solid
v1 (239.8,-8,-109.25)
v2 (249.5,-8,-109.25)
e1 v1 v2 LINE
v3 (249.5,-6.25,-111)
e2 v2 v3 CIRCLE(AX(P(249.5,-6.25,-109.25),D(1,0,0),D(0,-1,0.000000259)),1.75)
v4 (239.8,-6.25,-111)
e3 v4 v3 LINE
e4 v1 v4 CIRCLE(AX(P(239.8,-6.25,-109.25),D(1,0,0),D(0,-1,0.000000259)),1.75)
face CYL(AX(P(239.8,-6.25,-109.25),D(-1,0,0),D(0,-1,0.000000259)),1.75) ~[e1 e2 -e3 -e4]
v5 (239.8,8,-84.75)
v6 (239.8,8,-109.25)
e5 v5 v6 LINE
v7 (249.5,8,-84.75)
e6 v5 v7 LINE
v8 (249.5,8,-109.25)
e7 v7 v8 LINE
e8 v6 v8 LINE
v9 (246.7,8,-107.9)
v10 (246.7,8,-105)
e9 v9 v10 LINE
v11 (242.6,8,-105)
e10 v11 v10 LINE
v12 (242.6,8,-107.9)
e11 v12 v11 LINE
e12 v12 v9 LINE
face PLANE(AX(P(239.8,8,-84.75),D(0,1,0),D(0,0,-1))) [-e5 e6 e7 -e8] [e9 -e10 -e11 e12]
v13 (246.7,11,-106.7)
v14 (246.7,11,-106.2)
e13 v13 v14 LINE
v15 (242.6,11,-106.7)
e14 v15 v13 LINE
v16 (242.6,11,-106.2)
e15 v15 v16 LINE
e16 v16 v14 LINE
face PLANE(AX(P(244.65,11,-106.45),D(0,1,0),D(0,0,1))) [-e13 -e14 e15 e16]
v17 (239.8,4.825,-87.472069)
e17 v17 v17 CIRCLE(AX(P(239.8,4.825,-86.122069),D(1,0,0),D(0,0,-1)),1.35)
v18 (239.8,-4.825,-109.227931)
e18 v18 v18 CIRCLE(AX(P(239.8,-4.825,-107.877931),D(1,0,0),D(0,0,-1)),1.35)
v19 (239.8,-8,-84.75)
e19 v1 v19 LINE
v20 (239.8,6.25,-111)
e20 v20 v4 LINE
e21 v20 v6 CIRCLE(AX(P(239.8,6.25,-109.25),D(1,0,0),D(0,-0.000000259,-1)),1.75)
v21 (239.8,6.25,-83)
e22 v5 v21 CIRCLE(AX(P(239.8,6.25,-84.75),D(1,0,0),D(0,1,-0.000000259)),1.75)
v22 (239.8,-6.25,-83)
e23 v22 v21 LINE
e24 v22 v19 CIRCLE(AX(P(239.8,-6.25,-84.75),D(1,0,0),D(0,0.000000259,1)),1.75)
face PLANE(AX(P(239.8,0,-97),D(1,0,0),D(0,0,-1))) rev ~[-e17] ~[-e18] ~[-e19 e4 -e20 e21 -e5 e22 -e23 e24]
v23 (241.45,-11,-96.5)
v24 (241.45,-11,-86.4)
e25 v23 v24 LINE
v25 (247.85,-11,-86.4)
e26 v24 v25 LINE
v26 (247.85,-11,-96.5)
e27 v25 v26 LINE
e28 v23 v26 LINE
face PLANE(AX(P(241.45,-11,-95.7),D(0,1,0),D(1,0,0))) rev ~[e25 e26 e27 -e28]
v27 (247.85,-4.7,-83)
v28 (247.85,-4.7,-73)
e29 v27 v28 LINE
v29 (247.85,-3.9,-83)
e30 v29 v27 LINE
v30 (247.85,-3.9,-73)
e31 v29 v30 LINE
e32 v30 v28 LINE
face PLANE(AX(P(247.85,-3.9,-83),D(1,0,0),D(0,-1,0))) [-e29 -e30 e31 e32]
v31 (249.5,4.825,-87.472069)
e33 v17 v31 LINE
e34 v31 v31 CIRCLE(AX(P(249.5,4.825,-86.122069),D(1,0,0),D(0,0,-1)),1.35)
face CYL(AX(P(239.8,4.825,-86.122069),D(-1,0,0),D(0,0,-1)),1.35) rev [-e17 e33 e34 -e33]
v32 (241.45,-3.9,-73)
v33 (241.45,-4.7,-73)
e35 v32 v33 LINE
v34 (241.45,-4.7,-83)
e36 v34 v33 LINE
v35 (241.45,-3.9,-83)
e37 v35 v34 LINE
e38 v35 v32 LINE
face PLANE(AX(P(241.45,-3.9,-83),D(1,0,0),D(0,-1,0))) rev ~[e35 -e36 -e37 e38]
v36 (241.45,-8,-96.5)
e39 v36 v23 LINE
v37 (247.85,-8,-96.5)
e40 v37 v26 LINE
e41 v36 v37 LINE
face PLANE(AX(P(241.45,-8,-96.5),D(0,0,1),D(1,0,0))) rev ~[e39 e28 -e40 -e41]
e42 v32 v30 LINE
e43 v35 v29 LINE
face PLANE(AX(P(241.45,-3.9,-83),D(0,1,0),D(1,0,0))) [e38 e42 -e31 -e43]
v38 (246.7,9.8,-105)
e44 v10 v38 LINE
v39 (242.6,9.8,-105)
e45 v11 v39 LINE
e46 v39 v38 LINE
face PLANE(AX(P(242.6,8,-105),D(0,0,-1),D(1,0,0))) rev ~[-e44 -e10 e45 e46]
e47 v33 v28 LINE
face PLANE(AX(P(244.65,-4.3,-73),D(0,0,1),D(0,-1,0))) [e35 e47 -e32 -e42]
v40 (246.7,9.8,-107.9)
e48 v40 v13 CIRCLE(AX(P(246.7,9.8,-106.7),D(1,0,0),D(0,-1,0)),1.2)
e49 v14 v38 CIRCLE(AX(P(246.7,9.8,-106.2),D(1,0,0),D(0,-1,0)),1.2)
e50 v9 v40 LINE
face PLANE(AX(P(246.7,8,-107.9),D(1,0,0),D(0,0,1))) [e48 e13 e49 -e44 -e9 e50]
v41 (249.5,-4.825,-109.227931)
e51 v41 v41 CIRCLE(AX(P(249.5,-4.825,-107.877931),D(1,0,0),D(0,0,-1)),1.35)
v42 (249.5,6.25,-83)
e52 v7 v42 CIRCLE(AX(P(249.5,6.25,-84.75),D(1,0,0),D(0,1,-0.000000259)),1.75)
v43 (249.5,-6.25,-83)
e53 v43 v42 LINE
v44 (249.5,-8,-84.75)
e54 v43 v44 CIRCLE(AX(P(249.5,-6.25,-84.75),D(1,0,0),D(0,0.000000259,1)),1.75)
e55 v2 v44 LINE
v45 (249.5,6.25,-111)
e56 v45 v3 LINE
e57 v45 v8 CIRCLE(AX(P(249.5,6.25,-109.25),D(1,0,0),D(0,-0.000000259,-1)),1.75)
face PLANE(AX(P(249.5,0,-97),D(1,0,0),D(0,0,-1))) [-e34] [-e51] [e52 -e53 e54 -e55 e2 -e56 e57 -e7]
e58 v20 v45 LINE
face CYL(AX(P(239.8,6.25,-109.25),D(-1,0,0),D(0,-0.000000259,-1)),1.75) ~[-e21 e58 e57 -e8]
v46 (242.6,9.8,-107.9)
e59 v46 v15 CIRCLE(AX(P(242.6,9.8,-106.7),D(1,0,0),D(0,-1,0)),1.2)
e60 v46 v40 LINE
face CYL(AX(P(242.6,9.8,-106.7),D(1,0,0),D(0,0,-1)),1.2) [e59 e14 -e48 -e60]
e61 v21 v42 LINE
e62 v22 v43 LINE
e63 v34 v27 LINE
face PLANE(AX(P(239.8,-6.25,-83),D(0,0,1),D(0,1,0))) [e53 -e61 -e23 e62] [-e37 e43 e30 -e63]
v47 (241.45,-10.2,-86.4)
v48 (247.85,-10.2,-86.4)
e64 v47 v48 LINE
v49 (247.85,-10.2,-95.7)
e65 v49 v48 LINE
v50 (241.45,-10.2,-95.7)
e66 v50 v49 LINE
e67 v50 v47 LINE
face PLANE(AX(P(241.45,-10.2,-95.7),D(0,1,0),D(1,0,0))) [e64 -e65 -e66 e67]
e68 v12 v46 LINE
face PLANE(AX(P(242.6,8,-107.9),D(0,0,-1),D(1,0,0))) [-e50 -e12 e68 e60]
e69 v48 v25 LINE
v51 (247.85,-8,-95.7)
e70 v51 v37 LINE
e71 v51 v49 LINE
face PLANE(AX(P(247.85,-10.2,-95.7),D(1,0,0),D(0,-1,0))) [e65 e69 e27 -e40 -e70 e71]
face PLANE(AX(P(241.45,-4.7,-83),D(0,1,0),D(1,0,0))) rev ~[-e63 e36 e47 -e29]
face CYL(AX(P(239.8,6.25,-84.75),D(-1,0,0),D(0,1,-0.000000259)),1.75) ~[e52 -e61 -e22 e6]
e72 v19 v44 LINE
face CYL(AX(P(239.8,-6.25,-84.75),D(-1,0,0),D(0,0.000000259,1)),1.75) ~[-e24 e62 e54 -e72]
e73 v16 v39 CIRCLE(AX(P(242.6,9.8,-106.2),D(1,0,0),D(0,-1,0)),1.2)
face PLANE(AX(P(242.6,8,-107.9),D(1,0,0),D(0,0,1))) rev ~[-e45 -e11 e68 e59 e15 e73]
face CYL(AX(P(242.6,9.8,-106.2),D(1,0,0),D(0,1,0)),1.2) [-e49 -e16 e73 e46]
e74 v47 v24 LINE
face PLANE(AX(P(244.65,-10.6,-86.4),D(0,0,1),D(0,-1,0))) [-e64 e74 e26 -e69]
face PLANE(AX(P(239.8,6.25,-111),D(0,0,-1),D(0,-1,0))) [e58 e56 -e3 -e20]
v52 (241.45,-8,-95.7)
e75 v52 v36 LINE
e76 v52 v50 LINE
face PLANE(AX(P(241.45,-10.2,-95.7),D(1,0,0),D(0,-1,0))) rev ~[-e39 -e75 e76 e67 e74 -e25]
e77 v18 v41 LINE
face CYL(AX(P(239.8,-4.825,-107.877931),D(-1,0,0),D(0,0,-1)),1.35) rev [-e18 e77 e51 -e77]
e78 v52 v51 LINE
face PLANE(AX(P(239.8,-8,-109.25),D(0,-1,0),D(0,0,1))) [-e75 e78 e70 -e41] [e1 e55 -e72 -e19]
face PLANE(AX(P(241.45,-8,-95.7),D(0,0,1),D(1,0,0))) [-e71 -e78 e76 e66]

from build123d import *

# Parameters (mm, degrees)
SKETCH061_R             = 1.35
PAD061_DEPTH            = 9.7
SKETCH062_W             = 2.9
SKETCH062_H             = 4.1
PAD062_DEPTH            = 3
SKETCH063_W             = 0.8
SKETCH063_H             = 6.4
PAD063_DEPTH            = 10
SKETCH064_W             = 0.8
SKETCH064_H             = 6.4
PAD064_DEPTH            = 3
SKETCH065_W             = 0.8
SKETCH065_H             = 6.4
PAD065_DEPTH            = 9.3
FILLET009_R             = 1.2
BODY013_PLACEMENT_ANGLE = 90


with BuildPart() as part:
    # Sketch061 → Pad061 (new body)
    with BuildSketch(Plane.XY):
        with BuildLine():
            ThreePointArc((-12.25, 8), (-13.487437, 7.487437), (-14, 6.25))
            Line((-14, -6.25), (-14, 6.25))
            ThreePointArc((-14, -6.25), (-13.487437, -7.487437), (-12.25, -8))
            Line((12.25, -8), (-12.25, -8))
            ThreePointArc((12.25, -8), (13.487437, -7.487437), (14, -6.25))
            Line((14, 6.25), (14, -6.25))
            ThreePointArc((14, 6.25), (13.487437, 7.487437), (12.25, 8))
            Line((-12.25, 8), (12.25, 8))
        make_face()
        with Locations((10.877931, -4.825)):
            Circle(SKETCH061_R, mode=Mode.SUBTRACT)
        with Locations((-10.877931, 4.825)):
            Circle(SKETCH061_R, mode=Mode.SUBTRACT)
    extrude(amount=PAD061_DEPTH)

    # Sketch062 (on Face8 of Pad061) → Pad062 (join)
    with BuildSketch(Plane(origin=(0, 8, 0), x_dir=(-1, 0, 0), z_dir=(0, 1, 0))):
        with Locations((-9.45, 4.85)):
            Rectangle(SKETCH062_W, SKETCH062_H)
    extrude(amount=PAD062_DEPTH)

    # Sketch063 (on Face3 of Pad062) → Pad063 (join)
    with BuildSketch(Plane(origin=(-14, 0, 0), x_dir=(0, -1, 0), z_dir=(-1, 0, 0))):
        with Locations((4.3, 4.85)):
            Rectangle(SKETCH063_W, SKETCH063_H)
    extrude(amount=PAD063_DEPTH)

    # Sketch064 (on Face16 of Pad063) → Pad064 (join)
    with BuildSketch(Plane.XZ.offset(8)):
        with Locations((-0.9, 4.85)):
            Rectangle(SKETCH064_W, SKETCH064_H)
    extrude(amount=PAD064_DEPTH)

    # Sketch065 (on Face23 of Pad064) → Pad065 (join)
    with BuildSketch(Plane(origin=(-1.3, 0, 0), x_dir=(0, -1, 0), z_dir=(-1, 0, 0))):
        with Locations((10.6, 4.85)):
            Rectangle(SKETCH065_W, SKETCH065_H)
    extrude(amount=PAD065_DEPTH)

    # Fillet009
    fillet009_edges = [part.edges().sort_by_distance(p)[0] for p in [
        (10.9, 11, 4.85),
        (8, 11, 4.85),
    ]]
    fillet(fillet009_edges, radius=FILLET009_R)


with BuildPart() as part_1:
    # Body013 placement: moved
    add(part.part.moved(Location((239.8, 0, -97))).rotate(Axis((239.8, 0, -97), (0, 1, 0)), BODY013_PLACEMENT_ANGLE))


solid = part_1.part
